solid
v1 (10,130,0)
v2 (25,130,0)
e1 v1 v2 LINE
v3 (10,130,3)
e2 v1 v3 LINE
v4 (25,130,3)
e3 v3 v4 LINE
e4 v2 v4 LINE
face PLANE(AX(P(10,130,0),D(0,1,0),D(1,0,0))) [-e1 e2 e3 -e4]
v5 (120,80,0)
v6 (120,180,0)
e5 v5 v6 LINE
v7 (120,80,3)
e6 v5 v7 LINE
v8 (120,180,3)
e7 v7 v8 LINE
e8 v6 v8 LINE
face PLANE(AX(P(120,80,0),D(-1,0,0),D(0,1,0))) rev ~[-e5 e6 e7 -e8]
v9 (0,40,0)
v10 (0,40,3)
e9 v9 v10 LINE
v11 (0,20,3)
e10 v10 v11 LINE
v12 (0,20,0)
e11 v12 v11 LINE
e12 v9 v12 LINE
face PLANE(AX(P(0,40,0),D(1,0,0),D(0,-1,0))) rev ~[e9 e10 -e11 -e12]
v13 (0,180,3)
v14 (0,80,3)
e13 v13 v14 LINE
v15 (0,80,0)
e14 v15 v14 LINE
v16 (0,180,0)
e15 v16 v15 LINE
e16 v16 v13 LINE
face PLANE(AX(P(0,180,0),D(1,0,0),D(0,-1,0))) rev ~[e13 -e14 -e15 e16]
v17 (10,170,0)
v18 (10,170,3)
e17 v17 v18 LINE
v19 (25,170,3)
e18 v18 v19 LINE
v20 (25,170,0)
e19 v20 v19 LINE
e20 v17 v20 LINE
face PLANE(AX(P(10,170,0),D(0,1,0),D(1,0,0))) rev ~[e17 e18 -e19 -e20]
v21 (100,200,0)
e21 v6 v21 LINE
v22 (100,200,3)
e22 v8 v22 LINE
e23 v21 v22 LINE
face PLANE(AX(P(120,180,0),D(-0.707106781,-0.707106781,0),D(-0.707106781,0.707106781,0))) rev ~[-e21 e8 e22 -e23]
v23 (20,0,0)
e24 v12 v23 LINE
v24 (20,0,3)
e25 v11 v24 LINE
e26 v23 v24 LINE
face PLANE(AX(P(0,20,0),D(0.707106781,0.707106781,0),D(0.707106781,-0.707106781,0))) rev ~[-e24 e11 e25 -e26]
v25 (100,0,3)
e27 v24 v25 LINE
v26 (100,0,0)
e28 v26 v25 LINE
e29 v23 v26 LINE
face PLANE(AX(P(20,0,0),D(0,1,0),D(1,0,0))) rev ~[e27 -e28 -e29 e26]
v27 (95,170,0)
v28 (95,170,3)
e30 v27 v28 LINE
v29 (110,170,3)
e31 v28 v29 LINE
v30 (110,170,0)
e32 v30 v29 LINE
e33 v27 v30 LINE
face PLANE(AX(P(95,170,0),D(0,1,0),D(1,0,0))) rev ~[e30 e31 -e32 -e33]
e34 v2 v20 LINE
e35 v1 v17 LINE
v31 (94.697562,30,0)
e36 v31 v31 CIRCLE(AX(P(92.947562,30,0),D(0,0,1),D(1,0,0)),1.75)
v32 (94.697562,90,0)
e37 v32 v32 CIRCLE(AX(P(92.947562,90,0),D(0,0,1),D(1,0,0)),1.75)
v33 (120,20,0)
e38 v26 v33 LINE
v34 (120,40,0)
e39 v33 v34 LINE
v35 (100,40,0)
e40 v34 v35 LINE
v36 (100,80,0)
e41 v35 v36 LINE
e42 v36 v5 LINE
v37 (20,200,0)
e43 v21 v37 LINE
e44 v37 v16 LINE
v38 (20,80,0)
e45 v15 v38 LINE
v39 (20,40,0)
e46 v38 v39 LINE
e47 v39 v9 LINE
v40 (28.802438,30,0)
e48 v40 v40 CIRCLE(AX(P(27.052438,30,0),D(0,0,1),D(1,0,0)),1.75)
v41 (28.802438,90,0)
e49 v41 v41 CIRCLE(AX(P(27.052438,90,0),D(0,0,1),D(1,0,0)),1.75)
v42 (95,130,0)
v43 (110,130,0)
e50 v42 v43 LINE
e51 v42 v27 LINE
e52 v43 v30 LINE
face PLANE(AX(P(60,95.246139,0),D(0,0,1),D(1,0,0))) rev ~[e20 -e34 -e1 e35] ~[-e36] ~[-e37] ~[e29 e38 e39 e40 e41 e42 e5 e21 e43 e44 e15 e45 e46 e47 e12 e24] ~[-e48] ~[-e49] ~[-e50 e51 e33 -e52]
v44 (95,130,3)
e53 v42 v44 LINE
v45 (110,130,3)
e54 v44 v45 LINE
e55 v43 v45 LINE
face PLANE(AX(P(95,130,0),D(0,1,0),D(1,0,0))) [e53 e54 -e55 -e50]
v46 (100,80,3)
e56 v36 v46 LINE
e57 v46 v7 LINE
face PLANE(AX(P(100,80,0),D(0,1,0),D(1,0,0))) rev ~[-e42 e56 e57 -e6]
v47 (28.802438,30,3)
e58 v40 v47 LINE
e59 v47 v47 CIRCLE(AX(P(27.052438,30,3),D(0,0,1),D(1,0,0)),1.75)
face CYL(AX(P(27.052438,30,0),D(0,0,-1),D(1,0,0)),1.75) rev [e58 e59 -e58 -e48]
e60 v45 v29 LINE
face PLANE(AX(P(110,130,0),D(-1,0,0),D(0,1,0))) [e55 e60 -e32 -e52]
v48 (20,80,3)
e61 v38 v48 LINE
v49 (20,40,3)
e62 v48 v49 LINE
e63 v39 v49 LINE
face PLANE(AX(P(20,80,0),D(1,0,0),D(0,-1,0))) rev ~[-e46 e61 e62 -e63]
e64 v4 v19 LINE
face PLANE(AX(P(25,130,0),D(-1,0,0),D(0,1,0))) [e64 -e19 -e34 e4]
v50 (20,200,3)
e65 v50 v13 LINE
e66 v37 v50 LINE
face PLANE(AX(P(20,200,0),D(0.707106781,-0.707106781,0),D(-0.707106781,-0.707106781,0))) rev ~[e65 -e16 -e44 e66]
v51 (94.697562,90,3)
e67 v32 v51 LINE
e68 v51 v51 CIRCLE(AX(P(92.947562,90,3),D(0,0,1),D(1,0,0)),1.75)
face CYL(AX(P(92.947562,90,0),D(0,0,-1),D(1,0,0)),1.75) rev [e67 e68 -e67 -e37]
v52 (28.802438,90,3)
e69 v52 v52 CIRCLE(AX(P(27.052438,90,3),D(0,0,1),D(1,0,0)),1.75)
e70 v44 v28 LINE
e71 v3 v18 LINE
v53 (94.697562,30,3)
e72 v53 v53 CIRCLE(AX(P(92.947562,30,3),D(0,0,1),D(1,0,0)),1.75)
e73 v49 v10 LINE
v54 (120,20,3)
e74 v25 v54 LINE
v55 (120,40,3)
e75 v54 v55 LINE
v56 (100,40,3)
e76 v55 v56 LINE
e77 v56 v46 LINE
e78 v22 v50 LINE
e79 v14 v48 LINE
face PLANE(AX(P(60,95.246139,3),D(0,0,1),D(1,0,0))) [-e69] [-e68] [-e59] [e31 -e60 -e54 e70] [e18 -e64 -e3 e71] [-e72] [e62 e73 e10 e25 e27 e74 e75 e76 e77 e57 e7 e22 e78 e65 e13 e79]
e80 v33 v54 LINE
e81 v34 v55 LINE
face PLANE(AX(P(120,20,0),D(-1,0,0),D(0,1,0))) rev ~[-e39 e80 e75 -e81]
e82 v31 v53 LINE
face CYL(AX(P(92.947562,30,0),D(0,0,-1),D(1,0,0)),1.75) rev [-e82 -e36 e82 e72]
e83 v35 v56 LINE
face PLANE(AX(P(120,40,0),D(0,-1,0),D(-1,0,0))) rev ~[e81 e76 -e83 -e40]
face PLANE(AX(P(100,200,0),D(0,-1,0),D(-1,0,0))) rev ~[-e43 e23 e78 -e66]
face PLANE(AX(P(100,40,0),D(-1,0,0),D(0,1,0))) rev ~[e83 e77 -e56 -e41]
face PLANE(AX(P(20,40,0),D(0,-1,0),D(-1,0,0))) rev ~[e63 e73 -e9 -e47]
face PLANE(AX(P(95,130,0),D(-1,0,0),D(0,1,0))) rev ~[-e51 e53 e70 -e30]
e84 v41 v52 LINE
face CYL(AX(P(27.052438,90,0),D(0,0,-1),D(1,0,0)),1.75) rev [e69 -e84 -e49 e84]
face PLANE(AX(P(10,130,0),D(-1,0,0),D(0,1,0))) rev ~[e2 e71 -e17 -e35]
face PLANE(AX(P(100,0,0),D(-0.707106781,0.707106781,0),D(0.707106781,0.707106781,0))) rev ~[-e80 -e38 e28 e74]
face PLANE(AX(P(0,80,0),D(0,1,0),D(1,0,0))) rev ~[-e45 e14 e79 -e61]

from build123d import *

# Parameters (mm, degrees)
F0_R     = 1.75
F0_W     = 15
F0_H     = 40
F1_DEPTH = 3


with BuildPart() as f1:
    # F0 (on Top) → F1 (new body)
    with BuildSketch(Plane.XY):
        Polygon((0, 20), (20, 0), (60, 0), (100, 0), (120, 20), (120, 40), (100, 40), (100, 80), (120, 80), (120, 180), (100, 200), (60, 200), (20, 200), (0, 180), (0, 80), (20, 80), (20, 40), (0, 40), align=None)
        with Locations((27.052438, 30)):
            Circle(F0_R, mode=Mode.SUBTRACT)
        with Locations((27.052438, 90)):
            Circle(F0_R, mode=Mode.SUBTRACT)
        with Locations((92.947562, 30)):
            Circle(F0_R, mode=Mode.SUBTRACT)
        with Locations((92.947562, 90)):
            Circle(F0_R, mode=Mode.SUBTRACT)
        with Locations((17.5, 150)):
            Rectangle(F0_W, F0_H, mode=Mode.SUBTRACT)
        with Locations((102.5, 150)):
            Rectangle(F0_W, F0_H, mode=Mode.SUBTRACT)
    extrude(amount=F1_DEPTH)


solid = f1.part
